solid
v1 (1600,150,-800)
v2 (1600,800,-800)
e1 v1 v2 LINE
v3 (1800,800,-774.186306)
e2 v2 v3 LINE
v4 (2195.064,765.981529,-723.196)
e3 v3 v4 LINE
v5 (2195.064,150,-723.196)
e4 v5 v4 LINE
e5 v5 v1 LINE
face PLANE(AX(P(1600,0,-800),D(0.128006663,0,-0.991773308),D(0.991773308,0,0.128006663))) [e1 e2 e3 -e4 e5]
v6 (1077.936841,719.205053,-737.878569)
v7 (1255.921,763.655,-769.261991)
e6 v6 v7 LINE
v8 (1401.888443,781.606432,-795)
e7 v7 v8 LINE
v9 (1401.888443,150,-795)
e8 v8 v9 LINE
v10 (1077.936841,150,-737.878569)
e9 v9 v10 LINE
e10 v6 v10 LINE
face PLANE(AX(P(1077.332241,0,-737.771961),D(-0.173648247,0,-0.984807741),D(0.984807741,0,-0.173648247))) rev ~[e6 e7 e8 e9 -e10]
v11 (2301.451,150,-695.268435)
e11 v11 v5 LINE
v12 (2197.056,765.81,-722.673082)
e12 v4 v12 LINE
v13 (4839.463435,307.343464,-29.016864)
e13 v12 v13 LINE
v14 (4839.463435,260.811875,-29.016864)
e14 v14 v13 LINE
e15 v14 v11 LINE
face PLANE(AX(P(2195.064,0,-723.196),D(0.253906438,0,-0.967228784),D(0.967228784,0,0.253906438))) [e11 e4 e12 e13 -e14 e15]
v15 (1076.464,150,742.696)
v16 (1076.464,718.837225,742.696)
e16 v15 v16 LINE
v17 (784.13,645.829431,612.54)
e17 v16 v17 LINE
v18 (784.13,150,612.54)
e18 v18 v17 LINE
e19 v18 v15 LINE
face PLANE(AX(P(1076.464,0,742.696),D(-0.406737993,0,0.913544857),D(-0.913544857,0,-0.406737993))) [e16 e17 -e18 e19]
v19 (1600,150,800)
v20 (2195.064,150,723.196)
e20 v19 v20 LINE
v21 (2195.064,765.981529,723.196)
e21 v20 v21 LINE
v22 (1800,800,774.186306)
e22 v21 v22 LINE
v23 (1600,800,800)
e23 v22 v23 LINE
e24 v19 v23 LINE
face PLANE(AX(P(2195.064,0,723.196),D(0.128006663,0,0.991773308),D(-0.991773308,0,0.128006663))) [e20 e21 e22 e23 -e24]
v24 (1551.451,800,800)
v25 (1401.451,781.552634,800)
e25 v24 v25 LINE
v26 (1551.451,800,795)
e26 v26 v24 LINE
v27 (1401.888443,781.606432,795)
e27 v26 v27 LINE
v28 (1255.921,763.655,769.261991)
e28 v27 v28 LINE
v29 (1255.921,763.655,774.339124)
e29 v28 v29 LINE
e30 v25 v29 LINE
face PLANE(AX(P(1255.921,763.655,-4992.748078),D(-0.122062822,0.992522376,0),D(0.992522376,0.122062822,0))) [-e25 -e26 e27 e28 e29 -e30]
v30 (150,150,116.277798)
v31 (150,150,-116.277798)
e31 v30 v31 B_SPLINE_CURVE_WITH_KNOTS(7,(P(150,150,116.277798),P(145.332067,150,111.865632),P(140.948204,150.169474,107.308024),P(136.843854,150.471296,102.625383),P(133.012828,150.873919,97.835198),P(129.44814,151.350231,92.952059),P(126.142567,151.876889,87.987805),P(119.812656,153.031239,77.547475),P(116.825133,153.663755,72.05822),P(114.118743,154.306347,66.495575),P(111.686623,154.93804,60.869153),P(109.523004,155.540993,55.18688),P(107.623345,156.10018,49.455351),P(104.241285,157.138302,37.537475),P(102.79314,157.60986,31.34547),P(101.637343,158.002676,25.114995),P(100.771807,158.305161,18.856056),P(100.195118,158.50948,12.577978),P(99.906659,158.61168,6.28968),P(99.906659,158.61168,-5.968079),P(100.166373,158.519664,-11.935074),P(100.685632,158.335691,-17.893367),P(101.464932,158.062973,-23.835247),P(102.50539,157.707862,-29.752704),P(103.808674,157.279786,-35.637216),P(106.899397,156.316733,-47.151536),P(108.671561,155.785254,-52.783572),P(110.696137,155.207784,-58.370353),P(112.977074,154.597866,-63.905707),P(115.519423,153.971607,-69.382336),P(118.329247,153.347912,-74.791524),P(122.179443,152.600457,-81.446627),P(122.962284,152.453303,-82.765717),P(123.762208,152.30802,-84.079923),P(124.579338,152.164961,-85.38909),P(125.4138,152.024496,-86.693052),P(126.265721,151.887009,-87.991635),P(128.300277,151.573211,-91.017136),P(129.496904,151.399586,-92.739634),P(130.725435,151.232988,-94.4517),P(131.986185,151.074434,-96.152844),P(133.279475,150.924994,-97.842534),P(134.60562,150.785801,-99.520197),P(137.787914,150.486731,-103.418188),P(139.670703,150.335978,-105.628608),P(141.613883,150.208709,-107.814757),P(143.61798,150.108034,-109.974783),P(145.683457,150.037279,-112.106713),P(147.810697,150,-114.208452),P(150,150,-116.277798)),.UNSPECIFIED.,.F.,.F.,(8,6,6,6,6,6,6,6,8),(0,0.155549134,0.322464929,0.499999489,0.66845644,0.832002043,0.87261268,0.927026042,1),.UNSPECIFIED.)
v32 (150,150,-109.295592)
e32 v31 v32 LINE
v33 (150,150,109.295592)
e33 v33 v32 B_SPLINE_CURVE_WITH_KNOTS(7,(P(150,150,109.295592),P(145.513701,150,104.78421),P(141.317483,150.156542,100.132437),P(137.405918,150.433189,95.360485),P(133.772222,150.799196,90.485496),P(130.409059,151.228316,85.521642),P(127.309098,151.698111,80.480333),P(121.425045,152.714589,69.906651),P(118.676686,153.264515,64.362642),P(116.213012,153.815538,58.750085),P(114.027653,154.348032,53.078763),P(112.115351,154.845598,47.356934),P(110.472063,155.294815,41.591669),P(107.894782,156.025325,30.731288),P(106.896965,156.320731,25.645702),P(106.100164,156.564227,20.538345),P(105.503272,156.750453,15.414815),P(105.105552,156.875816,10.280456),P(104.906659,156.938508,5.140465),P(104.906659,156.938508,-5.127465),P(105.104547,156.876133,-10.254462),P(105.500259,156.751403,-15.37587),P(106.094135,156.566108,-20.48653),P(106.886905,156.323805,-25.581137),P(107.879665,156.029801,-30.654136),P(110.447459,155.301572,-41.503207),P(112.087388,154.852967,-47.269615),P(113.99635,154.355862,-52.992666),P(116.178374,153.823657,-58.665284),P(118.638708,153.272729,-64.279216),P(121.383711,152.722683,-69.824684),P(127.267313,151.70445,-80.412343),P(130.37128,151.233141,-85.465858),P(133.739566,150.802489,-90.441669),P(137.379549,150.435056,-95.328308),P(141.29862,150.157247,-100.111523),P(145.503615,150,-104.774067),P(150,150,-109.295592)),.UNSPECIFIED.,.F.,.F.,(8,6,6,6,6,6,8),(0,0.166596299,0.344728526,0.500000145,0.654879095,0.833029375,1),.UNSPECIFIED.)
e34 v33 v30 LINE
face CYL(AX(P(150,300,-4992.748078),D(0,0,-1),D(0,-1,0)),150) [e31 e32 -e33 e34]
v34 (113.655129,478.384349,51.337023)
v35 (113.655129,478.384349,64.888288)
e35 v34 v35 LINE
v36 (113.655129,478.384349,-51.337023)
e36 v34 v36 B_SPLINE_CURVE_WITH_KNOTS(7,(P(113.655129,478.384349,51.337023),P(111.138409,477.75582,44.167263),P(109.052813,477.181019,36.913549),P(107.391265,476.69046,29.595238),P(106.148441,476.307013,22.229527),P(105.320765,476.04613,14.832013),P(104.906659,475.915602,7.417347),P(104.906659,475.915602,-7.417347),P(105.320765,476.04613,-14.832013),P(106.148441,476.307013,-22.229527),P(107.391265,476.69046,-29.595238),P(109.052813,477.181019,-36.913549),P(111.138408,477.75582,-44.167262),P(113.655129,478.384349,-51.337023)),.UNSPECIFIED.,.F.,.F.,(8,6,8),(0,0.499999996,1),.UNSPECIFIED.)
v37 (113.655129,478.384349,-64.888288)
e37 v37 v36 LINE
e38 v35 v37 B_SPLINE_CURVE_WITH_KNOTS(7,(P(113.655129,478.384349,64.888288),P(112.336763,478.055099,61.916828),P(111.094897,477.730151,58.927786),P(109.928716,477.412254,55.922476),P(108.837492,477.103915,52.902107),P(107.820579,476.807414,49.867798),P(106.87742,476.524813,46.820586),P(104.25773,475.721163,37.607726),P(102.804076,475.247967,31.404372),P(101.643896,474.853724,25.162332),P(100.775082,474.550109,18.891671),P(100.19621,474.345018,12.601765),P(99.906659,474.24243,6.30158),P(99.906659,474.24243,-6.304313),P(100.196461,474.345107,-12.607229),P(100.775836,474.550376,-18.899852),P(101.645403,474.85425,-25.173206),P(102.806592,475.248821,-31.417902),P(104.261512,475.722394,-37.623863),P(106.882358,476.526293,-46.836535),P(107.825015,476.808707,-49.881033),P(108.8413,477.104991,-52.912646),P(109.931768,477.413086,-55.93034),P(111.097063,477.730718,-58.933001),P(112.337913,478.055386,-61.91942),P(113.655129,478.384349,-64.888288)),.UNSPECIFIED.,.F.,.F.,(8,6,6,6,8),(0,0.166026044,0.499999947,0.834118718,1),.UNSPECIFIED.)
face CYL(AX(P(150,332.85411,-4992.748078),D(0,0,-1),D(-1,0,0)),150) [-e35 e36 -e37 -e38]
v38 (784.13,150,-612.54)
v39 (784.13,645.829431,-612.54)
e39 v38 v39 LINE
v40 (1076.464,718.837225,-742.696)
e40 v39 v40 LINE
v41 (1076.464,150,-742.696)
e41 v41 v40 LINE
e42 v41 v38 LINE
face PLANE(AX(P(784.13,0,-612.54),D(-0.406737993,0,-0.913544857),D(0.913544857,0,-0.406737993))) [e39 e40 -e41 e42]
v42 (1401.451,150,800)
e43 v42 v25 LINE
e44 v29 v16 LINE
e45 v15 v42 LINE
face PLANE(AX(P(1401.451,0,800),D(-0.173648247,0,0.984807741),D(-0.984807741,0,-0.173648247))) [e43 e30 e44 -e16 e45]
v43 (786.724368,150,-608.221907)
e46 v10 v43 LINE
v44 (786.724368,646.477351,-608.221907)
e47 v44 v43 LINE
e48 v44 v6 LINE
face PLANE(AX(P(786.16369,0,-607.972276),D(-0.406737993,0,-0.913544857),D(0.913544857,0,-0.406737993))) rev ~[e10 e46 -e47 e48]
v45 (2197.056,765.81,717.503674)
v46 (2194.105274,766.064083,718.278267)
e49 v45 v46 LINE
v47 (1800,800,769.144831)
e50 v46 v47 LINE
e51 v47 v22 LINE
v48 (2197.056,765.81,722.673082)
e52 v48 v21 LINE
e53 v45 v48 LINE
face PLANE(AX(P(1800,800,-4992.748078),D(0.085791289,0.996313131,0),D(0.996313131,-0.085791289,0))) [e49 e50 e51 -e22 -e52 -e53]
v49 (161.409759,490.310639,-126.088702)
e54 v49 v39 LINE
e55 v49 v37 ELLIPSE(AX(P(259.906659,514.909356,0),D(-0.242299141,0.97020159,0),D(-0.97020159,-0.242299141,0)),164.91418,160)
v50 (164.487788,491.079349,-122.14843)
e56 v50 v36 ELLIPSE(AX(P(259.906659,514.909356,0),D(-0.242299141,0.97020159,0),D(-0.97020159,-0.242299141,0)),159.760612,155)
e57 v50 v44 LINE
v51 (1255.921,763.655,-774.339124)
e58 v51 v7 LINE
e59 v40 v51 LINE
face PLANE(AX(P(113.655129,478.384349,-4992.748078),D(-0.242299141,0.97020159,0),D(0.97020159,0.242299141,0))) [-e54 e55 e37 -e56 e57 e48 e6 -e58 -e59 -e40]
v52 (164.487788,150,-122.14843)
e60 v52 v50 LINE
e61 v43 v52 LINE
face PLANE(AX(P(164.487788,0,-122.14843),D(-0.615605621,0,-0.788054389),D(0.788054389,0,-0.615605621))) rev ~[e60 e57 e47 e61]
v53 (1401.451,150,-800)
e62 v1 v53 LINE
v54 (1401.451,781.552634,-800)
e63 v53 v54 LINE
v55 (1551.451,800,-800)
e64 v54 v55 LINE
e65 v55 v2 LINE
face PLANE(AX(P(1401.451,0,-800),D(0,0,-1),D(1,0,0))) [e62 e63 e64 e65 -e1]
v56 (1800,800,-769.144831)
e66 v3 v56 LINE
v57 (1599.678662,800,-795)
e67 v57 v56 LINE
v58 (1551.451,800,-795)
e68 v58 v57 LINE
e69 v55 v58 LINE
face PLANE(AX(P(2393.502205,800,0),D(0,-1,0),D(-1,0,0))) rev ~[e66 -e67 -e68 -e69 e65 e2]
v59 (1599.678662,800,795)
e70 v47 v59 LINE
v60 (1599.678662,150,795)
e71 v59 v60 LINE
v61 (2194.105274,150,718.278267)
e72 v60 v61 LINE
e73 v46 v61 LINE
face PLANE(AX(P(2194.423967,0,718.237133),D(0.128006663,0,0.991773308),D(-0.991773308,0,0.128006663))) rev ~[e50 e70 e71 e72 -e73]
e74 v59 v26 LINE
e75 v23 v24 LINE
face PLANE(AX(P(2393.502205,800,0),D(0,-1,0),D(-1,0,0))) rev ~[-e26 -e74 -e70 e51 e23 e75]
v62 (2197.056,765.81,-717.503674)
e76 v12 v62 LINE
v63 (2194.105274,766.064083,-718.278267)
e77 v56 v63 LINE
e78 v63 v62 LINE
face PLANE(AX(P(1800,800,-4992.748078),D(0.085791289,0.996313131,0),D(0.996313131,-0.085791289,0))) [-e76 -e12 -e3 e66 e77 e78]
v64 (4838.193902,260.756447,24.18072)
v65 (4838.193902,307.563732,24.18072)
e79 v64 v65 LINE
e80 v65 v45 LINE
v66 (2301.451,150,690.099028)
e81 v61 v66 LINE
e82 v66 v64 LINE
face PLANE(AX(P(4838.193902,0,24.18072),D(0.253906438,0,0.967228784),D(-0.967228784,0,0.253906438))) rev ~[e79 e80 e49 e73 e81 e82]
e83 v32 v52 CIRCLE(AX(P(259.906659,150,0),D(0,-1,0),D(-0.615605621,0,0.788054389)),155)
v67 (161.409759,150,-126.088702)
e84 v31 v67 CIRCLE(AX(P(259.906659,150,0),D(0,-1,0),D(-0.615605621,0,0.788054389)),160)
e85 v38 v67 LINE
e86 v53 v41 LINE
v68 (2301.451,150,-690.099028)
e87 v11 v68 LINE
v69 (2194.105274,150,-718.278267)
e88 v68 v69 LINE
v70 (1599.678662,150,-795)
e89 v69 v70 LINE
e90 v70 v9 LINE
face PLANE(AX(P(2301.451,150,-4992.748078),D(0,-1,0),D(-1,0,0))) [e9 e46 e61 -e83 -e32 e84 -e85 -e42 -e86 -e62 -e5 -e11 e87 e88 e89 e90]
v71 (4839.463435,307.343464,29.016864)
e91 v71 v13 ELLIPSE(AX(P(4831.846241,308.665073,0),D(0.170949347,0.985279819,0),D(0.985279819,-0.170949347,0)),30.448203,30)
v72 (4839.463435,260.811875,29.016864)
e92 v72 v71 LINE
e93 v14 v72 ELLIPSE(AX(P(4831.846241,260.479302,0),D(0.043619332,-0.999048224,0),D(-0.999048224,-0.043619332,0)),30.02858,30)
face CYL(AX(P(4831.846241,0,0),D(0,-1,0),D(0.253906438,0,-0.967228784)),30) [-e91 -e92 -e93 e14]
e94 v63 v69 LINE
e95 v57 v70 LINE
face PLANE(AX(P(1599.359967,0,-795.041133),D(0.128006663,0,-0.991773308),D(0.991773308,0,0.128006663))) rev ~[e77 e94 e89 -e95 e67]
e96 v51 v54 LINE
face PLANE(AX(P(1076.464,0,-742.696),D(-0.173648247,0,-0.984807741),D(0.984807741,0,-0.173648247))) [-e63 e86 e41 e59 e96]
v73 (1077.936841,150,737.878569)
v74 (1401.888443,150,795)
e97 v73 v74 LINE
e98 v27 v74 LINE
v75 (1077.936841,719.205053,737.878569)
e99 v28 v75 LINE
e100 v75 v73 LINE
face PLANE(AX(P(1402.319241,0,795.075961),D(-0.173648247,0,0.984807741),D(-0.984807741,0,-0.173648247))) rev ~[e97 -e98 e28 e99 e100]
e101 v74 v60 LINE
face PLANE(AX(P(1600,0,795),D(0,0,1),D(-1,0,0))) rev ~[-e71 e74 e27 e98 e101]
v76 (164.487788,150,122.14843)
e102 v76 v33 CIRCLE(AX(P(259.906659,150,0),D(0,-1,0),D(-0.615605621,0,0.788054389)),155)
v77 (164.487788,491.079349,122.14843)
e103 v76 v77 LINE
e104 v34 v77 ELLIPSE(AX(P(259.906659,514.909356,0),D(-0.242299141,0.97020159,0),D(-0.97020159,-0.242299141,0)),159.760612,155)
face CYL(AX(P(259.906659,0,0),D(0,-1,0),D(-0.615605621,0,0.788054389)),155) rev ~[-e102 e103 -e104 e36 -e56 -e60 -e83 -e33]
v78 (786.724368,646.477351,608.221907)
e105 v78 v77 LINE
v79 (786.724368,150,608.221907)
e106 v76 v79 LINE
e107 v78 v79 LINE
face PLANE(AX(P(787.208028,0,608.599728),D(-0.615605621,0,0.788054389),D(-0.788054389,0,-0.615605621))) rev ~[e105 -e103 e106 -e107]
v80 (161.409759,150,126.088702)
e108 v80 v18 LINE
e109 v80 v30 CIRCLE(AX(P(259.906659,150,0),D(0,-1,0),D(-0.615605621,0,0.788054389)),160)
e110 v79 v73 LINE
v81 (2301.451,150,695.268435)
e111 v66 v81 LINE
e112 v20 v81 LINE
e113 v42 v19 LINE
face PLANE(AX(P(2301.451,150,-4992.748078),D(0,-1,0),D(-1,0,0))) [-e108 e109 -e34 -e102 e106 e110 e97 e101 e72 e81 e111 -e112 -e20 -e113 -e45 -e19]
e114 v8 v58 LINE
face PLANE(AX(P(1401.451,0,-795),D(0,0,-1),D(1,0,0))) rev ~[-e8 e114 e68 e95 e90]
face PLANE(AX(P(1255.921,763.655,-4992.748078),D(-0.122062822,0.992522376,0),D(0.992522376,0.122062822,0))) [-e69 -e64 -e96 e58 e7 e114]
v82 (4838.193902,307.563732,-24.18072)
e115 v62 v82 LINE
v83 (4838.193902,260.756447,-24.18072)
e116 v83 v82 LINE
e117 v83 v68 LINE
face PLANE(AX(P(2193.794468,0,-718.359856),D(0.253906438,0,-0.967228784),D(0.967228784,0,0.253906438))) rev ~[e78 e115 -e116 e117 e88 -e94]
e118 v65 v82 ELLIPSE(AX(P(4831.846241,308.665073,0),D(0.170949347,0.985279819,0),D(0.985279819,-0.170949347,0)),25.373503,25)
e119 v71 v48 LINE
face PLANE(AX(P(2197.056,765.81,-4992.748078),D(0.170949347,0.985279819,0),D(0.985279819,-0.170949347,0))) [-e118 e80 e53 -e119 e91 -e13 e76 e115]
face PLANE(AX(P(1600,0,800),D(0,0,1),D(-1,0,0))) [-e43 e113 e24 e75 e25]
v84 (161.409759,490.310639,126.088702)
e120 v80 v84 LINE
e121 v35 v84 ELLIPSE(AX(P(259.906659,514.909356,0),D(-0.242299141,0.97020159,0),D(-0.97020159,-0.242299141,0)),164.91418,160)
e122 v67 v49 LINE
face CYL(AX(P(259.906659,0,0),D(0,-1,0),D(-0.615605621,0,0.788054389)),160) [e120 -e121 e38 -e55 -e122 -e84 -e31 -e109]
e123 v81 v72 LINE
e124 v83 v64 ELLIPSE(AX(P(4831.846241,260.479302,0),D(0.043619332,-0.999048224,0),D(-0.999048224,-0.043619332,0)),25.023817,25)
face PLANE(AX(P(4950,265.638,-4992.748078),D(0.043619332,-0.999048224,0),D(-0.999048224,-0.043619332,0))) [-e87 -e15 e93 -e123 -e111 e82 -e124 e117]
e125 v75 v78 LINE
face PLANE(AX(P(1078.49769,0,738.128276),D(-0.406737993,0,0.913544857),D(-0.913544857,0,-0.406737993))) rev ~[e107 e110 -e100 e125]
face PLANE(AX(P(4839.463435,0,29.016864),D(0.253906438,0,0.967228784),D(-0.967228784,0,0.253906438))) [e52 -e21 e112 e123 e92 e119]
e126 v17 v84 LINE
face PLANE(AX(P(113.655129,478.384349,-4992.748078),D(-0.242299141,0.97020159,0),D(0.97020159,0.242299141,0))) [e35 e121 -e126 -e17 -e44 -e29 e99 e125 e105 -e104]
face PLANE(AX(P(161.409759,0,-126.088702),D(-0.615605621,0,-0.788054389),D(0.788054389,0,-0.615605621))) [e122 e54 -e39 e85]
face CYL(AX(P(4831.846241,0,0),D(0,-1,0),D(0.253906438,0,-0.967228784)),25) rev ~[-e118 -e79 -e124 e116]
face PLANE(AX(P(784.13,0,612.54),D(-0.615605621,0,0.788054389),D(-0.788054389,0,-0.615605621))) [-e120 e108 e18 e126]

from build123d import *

# Parameters (mm, degrees)
TOPVIEW_EXTRUDE_DEPTH      = 800
SHELL1_T                   = -5
SIDEPROFILE_CUT_DEPTH      = 4992.748078174
SIDEPROFILE_CUT_DEPTH_BACK = 4992.748078174
SKETCH2_OUTSIDE_W          = 5781.309
SKETCH2_OUTSIDE_H          = 1819.37


with BuildPart() as part:
    # Sketch1 → TopView_Extrude (new body)
    with BuildSketch(Plane(origin=(0, 0, 0), x_dir=(1, 0, 0), z_dir=(0, 1, 0))):
        with BuildLine():
            Line((161.409759475, 126.088702216), (784.13, 612.54))
            Line((784.13, 612.54), (1076.464, 742.696))
            Line((1076.464, 742.696), (1401.451, 800))
            Line((1401.451, 800), (1600, 800))
            Line((1600, 800), (2195.064, 723.196))
            Line((2195.064, 723.196), (4839.463434647, 29.016863519))
            ThreePointArc((4839.463434647, 29.016863519), (4861.846241497, 0), (4839.463434647, -29.016863519))
            Line((4839.463434647, -29.016863519), (2195.064, -723.196))
            Line((2195.064, -723.196), (1600, -800))
            Line((1600, -800), (1401.451, -800))
            Line((1401.451, -800), (1076.464, -742.696))
            Line((1076.464, -742.696), (784.13, -612.54))
            Line((784.13, -612.54), (161.409759475, -126.088702216))
            ThreePointArc((161.409759475, -126.088702216), (99.906658784, 0), (161.409759475, 126.088702216))
        make_face()
    extrude(amount=TOPVIEW_EXTRUDE_DEPTH)

    # Shell1
    shell1_openings = [part.faces().sort_by_distance(p)[0] for p in [
        (2100.833726615, 0, 0),
        (2100.833726615, 800, 0),
    ]]
    offset(amount=SHELL1_T, openings=shell1_openings, kind=Kind.INTERSECTION)

    # Sketch2 outside → SideProfile_Cut (cut, two sides: drawn at the far end of the back side and taken through both)
    with BuildSketch(Plane.XY.offset(-SIDEPROFILE_CUT_DEPTH_BACK)):
        with Locations((2480.8765, 400)):
            Rectangle(SKETCH2_OUTSIDE_W, SKETCH2_OUTSIDE_H)
        with BuildLine():
            Line((0, 300), (0, 332.854109989))
            ThreePointArc((0, 332.854109989), (31.780435884, 425.180350356), (113.655128803, 478.384348558))
            Line((113.655128803, 478.384348558), (1255.921, 763.655))
            Line((1255.921, 763.655), (1551.451, 800))
            Line((1551.451, 800), (1800, 800))
            Line((1800, 800), (2197.056, 765.81))
            Line((2197.056, 765.81), (4950, 288.165))
            Line((4950, 288.165), (4950, 265.638))
            Line((4950, 265.638), (2301.451, 150))
            Line((2301.451, 150), (150, 150))
            ThreePointArc((150, 150), (43.933982822, 193.933982822), (0, 300))
        make_face(mode=Mode.SUBTRACT)
    extrude(amount=SIDEPROFILE_CUT_DEPTH + SIDEPROFILE_CUT_DEPTH_BACK, mode=Mode.SUBTRACT)


solid = part.part
